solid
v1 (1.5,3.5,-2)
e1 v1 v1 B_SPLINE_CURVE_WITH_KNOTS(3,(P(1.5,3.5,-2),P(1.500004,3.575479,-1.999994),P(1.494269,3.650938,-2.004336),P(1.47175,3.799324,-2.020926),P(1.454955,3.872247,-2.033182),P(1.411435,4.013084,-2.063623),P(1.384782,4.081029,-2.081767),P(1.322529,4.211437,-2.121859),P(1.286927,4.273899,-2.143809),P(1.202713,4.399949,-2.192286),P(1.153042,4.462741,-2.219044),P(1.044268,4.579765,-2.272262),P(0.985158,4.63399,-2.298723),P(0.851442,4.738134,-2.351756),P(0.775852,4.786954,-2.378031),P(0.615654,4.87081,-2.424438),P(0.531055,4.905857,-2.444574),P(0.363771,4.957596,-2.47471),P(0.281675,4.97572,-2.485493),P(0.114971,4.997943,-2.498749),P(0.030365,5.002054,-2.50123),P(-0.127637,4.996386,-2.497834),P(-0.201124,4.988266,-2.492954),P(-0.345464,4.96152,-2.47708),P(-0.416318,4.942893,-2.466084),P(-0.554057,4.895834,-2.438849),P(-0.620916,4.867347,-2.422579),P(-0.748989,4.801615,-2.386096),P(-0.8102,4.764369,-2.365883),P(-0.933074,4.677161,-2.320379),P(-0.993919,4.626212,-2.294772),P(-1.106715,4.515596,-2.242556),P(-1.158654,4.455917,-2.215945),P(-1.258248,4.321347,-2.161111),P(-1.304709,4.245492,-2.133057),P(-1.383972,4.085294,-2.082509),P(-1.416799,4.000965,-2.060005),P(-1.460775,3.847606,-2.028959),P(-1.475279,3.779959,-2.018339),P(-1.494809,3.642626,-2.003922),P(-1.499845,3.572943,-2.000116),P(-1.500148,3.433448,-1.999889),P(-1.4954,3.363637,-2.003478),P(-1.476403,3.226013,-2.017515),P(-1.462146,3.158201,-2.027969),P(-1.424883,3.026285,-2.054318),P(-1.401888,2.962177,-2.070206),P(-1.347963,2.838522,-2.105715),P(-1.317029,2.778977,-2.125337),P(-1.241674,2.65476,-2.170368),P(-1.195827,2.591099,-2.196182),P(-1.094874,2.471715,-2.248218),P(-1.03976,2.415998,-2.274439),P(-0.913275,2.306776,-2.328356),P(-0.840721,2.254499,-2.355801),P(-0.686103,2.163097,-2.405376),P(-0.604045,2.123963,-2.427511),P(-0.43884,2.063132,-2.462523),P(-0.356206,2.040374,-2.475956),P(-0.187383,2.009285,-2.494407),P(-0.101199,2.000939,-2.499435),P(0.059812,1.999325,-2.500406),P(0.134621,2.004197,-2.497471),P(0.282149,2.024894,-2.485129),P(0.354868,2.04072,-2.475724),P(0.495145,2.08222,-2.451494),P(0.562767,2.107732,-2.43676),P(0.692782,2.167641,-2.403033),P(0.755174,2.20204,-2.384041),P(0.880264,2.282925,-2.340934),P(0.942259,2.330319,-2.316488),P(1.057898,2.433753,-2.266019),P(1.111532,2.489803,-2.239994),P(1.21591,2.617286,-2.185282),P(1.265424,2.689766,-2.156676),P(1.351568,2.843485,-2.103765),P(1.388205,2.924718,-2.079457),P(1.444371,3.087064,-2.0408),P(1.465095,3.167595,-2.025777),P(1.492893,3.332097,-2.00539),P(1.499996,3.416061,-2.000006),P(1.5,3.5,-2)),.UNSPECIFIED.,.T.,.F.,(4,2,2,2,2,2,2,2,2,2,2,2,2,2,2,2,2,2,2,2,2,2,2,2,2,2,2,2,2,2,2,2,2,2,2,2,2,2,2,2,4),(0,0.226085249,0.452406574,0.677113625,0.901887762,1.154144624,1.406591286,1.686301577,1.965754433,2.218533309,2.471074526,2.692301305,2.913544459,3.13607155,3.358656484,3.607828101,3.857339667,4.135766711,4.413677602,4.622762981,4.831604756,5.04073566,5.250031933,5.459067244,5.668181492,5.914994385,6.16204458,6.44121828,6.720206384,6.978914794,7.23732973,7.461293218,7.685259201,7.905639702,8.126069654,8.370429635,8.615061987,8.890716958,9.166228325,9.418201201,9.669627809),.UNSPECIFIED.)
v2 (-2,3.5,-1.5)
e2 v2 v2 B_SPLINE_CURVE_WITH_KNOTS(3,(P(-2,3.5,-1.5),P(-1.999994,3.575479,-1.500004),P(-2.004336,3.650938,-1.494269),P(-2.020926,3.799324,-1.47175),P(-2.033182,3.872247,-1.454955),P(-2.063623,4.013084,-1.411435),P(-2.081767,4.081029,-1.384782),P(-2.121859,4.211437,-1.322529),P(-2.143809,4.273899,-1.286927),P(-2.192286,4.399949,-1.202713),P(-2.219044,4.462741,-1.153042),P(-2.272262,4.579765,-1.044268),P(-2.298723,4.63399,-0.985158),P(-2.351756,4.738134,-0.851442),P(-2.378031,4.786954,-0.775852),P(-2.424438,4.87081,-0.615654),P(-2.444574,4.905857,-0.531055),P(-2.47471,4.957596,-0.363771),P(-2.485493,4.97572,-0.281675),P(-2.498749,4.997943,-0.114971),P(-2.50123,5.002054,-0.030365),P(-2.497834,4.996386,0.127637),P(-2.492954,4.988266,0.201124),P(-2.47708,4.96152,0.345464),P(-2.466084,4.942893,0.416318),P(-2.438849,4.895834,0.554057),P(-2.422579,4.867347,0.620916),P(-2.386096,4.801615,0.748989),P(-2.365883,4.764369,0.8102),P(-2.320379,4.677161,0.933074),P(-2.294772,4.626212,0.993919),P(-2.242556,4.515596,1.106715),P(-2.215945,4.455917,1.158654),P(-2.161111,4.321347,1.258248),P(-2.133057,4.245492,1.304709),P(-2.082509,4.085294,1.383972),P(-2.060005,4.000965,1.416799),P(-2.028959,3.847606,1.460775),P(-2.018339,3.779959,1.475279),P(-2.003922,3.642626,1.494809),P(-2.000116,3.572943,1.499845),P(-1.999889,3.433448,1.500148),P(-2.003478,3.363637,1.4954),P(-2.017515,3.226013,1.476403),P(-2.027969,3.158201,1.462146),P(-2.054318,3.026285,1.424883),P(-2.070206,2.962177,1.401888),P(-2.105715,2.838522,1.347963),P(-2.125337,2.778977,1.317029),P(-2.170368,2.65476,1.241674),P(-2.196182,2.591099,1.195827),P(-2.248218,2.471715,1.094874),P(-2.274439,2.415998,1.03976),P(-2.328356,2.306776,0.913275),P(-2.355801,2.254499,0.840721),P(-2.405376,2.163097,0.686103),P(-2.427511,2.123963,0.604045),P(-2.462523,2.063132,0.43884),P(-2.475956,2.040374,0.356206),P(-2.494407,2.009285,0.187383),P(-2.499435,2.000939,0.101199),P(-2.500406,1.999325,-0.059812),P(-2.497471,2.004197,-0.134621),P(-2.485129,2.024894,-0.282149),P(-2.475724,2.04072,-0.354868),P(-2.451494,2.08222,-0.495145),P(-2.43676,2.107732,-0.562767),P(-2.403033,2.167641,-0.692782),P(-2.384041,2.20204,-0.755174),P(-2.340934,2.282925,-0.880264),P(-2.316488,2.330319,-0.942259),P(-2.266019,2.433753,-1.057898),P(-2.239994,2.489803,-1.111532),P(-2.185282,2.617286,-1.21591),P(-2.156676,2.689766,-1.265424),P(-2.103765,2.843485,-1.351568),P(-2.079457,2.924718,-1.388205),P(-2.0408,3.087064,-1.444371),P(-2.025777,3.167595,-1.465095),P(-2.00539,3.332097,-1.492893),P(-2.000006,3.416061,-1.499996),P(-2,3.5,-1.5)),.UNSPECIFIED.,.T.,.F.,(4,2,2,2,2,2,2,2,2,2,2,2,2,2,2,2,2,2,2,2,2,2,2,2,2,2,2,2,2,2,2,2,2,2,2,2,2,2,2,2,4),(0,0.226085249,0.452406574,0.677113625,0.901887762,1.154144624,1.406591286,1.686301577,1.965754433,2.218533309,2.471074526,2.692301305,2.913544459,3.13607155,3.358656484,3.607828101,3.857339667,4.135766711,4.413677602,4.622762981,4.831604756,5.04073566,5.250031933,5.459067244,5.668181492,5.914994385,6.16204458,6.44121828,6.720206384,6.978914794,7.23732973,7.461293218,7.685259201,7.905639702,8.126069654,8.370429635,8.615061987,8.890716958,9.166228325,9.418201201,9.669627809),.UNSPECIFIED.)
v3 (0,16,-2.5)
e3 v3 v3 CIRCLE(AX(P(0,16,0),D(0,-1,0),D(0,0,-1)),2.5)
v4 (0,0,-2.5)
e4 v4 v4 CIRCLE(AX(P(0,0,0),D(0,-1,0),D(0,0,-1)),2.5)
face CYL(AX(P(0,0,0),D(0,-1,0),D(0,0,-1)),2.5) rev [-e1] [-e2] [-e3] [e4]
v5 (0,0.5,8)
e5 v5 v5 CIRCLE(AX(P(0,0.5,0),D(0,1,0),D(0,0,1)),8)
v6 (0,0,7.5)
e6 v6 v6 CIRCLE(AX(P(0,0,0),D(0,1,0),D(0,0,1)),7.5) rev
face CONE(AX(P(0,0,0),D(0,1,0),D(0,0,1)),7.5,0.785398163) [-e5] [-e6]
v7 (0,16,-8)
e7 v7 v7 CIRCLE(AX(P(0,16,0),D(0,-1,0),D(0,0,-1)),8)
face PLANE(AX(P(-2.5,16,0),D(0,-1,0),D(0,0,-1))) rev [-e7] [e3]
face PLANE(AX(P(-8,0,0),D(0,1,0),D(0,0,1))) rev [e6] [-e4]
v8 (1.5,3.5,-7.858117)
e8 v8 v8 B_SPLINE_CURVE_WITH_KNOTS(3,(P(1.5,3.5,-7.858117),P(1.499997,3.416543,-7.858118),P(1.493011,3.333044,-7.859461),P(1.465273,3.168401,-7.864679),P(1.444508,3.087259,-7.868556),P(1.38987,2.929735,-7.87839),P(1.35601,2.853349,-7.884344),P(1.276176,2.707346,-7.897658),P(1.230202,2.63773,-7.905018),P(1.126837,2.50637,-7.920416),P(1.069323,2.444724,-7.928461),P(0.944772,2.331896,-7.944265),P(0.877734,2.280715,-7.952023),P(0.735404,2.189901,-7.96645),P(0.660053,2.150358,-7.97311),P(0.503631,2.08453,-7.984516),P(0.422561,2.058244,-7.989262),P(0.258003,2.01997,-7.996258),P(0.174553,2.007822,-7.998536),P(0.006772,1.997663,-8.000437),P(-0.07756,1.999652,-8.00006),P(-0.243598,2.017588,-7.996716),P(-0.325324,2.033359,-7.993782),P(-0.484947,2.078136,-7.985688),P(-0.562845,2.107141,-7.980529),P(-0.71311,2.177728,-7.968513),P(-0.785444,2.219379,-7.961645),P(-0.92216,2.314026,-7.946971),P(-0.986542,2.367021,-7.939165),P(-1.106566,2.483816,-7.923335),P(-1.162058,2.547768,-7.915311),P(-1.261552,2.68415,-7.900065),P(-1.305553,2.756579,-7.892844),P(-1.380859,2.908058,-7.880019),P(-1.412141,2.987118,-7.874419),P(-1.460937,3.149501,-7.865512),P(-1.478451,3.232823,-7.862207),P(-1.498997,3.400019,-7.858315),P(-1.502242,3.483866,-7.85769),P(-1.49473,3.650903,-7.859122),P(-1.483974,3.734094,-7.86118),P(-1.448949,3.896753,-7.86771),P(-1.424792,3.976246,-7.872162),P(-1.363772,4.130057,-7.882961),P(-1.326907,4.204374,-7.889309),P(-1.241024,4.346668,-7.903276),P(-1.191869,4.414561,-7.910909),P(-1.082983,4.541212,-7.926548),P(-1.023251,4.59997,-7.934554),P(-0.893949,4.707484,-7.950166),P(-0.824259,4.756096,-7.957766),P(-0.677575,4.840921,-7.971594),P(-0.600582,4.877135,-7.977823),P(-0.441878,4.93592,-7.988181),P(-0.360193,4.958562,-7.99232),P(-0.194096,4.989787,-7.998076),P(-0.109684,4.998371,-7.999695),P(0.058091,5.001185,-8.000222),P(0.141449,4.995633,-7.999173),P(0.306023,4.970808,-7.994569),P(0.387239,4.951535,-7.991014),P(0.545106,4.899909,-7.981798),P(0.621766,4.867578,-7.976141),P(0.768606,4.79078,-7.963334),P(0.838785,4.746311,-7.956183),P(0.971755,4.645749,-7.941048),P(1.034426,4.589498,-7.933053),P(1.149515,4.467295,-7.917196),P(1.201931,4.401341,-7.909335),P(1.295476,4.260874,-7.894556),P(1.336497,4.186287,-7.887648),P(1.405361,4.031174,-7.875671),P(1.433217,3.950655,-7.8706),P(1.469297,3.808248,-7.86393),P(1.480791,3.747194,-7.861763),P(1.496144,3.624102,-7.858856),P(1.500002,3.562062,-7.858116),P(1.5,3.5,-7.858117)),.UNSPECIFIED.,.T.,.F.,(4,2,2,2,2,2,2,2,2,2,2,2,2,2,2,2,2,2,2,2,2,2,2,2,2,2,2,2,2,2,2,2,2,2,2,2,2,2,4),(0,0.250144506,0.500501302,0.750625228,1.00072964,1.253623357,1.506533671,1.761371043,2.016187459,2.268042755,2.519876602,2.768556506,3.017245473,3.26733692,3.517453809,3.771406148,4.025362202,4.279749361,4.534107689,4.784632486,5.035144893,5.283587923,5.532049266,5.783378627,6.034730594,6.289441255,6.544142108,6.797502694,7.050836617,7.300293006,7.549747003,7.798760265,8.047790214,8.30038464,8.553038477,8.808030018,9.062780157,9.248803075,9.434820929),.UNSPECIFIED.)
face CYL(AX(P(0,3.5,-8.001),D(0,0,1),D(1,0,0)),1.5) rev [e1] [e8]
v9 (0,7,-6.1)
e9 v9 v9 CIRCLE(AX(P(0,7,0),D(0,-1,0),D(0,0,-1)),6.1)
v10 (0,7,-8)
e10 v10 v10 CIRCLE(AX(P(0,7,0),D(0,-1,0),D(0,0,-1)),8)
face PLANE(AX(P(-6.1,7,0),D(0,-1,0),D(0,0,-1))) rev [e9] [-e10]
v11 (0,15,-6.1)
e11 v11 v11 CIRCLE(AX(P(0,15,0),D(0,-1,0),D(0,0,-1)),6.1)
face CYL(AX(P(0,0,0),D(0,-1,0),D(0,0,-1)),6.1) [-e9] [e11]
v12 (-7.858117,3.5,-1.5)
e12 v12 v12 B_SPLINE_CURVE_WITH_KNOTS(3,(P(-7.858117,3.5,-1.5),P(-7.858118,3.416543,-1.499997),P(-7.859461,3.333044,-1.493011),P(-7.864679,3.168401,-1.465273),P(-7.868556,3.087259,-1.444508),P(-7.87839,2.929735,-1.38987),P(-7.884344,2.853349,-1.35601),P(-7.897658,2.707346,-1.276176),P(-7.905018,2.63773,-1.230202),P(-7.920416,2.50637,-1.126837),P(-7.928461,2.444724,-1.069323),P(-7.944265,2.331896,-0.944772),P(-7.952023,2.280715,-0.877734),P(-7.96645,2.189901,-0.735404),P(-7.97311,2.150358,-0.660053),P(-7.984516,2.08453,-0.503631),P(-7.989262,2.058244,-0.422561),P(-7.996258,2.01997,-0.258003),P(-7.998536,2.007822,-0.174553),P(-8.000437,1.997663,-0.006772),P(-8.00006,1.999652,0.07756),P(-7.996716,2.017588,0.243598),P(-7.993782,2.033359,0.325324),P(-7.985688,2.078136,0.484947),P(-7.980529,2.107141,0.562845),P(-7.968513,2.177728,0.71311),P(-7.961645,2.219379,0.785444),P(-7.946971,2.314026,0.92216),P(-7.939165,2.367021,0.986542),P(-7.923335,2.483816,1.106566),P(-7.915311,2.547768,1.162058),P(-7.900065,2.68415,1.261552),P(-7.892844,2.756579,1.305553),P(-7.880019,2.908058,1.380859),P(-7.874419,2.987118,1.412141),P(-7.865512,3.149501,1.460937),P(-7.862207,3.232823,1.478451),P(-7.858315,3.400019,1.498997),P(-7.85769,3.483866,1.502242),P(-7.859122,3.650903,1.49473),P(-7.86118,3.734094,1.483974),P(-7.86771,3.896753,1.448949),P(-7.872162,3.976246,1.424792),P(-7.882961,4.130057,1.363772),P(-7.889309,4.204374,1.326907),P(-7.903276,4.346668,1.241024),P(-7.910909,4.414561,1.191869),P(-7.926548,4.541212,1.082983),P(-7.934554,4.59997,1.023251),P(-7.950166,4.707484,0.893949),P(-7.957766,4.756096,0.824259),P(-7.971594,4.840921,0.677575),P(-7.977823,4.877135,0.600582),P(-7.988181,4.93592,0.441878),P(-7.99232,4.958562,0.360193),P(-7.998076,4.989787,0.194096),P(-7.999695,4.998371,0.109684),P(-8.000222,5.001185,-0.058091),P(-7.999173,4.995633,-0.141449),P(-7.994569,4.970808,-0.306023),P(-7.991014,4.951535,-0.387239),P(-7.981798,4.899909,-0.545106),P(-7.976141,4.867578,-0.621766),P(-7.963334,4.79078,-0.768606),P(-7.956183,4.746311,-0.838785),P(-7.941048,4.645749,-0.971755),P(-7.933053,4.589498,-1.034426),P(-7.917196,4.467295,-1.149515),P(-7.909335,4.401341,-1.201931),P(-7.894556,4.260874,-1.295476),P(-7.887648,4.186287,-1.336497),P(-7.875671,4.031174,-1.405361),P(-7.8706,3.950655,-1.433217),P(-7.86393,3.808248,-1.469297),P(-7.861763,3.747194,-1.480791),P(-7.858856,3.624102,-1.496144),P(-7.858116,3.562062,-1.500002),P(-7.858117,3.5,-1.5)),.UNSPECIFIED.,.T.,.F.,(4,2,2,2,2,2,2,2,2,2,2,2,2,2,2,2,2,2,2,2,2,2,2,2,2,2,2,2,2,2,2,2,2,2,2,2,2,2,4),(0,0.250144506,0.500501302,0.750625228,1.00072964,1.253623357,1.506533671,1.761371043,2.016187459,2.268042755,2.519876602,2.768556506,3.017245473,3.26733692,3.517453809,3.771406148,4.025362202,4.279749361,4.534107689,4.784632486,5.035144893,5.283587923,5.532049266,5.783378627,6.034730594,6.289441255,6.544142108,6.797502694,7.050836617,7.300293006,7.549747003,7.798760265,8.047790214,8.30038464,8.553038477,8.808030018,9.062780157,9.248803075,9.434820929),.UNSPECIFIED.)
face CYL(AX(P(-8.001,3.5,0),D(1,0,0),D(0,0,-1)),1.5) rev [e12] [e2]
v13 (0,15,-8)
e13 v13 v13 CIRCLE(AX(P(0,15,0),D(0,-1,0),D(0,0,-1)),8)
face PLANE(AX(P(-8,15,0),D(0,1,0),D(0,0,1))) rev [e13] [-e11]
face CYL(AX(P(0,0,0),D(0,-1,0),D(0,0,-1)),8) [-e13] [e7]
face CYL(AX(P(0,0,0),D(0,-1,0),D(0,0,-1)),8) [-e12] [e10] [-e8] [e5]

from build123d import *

# Parameters (mm, degrees)
CHAMFER1_SIZE           = 0.5
CUT_EXTRUDE1_REACH      = 21.596
CUT_EXTRUDE1_END_RADIUS = 8
SKETCH2_R               = 1.5
CUT_EXTRUDE2_REACH      = 21.596
CUT_EXTRUDE2_END_RADIUS = 8
SKETCH3_R               = 1.5


with BuildPart() as part:
    # Sketch1 → Revolve1 (revolve)
    with BuildSketch(Plane.XY, mode=Mode.PRIVATE) as revolve1_sk:
        Polygon((-2.5, 0), (-2.5, 16), (-8, 16), (-8, 15), (-6.1, 15), (-6.1, 7), (-8, 7), (-8, 0), align=None)
    revolve(revolve1_sk.sketch.rotate(Axis((0, 0, 0), (0, 1, 0)), 270), axis=Axis((0, 0, 0), (0, 1, 0)))

    # Chamfer1
    chamfer1_edges = [part.edges().sort_by_distance(p)[0] for p in [
        (0, 0, 8),
    ]]
    chamfer(chamfer1_edges, length=CHAMFER1_SIZE)

    # Cut-Extrude1: up to this cylinder (the profile starts inside it)
    cut_extrude1_end = Plane(origin=(0, 3.5, 0), z_dir=(0, -1, 0)) * Cylinder(CUT_EXTRUDE1_END_RADIUS, 60.192, mode=Mode.PRIVATE)
    # Sketch2 → Cut-Extrude1 (cut, up to the surface)
    with BuildSketch(Plane.XY, mode=Mode.PRIVATE) as cut_extrude1_sk1:
        with Locations((0, 3.5)):
            Circle(SKETCH2_R)
    cut_extrude1_tool1 = extrude(cut_extrude1_sk1.sketch, amount=-CUT_EXTRUDE1_REACH, mode=Mode.PRIVATE) & cut_extrude1_end
    add(cut_extrude1_tool1.solids().sort_by_distance((0, 3.5, 0))[0], mode=Mode.SUBTRACT)

    # Cut-Extrude2: up to this cylinder (the profile starts inside it)
    cut_extrude2_end = Plane(origin=(0, 3.5, 0), z_dir=(0, -1, 0)) * Cylinder(CUT_EXTRUDE2_END_RADIUS, 60.192, mode=Mode.PRIVATE)
    # Sketch3 → Cut-Extrude2 (cut, up to the surface)
    with BuildSketch(Plane(origin=(0, 0, 0), x_dir=(0, 0, -1), z_dir=(1, 0, 0)), mode=Mode.PRIVATE) as cut_extrude2_sk1:
        with Locations((0, 3.5)):
            Circle(SKETCH3_R)
    cut_extrude2_tool1 = extrude(cut_extrude2_sk1.sketch, amount=-CUT_EXTRUDE2_REACH, mode=Mode.PRIVATE) & cut_extrude2_end
    add(cut_extrude2_tool1.solids().sort_by_distance((0, 3.5, 0))[0], mode=Mode.SUBTRACT)


solid = part.part
